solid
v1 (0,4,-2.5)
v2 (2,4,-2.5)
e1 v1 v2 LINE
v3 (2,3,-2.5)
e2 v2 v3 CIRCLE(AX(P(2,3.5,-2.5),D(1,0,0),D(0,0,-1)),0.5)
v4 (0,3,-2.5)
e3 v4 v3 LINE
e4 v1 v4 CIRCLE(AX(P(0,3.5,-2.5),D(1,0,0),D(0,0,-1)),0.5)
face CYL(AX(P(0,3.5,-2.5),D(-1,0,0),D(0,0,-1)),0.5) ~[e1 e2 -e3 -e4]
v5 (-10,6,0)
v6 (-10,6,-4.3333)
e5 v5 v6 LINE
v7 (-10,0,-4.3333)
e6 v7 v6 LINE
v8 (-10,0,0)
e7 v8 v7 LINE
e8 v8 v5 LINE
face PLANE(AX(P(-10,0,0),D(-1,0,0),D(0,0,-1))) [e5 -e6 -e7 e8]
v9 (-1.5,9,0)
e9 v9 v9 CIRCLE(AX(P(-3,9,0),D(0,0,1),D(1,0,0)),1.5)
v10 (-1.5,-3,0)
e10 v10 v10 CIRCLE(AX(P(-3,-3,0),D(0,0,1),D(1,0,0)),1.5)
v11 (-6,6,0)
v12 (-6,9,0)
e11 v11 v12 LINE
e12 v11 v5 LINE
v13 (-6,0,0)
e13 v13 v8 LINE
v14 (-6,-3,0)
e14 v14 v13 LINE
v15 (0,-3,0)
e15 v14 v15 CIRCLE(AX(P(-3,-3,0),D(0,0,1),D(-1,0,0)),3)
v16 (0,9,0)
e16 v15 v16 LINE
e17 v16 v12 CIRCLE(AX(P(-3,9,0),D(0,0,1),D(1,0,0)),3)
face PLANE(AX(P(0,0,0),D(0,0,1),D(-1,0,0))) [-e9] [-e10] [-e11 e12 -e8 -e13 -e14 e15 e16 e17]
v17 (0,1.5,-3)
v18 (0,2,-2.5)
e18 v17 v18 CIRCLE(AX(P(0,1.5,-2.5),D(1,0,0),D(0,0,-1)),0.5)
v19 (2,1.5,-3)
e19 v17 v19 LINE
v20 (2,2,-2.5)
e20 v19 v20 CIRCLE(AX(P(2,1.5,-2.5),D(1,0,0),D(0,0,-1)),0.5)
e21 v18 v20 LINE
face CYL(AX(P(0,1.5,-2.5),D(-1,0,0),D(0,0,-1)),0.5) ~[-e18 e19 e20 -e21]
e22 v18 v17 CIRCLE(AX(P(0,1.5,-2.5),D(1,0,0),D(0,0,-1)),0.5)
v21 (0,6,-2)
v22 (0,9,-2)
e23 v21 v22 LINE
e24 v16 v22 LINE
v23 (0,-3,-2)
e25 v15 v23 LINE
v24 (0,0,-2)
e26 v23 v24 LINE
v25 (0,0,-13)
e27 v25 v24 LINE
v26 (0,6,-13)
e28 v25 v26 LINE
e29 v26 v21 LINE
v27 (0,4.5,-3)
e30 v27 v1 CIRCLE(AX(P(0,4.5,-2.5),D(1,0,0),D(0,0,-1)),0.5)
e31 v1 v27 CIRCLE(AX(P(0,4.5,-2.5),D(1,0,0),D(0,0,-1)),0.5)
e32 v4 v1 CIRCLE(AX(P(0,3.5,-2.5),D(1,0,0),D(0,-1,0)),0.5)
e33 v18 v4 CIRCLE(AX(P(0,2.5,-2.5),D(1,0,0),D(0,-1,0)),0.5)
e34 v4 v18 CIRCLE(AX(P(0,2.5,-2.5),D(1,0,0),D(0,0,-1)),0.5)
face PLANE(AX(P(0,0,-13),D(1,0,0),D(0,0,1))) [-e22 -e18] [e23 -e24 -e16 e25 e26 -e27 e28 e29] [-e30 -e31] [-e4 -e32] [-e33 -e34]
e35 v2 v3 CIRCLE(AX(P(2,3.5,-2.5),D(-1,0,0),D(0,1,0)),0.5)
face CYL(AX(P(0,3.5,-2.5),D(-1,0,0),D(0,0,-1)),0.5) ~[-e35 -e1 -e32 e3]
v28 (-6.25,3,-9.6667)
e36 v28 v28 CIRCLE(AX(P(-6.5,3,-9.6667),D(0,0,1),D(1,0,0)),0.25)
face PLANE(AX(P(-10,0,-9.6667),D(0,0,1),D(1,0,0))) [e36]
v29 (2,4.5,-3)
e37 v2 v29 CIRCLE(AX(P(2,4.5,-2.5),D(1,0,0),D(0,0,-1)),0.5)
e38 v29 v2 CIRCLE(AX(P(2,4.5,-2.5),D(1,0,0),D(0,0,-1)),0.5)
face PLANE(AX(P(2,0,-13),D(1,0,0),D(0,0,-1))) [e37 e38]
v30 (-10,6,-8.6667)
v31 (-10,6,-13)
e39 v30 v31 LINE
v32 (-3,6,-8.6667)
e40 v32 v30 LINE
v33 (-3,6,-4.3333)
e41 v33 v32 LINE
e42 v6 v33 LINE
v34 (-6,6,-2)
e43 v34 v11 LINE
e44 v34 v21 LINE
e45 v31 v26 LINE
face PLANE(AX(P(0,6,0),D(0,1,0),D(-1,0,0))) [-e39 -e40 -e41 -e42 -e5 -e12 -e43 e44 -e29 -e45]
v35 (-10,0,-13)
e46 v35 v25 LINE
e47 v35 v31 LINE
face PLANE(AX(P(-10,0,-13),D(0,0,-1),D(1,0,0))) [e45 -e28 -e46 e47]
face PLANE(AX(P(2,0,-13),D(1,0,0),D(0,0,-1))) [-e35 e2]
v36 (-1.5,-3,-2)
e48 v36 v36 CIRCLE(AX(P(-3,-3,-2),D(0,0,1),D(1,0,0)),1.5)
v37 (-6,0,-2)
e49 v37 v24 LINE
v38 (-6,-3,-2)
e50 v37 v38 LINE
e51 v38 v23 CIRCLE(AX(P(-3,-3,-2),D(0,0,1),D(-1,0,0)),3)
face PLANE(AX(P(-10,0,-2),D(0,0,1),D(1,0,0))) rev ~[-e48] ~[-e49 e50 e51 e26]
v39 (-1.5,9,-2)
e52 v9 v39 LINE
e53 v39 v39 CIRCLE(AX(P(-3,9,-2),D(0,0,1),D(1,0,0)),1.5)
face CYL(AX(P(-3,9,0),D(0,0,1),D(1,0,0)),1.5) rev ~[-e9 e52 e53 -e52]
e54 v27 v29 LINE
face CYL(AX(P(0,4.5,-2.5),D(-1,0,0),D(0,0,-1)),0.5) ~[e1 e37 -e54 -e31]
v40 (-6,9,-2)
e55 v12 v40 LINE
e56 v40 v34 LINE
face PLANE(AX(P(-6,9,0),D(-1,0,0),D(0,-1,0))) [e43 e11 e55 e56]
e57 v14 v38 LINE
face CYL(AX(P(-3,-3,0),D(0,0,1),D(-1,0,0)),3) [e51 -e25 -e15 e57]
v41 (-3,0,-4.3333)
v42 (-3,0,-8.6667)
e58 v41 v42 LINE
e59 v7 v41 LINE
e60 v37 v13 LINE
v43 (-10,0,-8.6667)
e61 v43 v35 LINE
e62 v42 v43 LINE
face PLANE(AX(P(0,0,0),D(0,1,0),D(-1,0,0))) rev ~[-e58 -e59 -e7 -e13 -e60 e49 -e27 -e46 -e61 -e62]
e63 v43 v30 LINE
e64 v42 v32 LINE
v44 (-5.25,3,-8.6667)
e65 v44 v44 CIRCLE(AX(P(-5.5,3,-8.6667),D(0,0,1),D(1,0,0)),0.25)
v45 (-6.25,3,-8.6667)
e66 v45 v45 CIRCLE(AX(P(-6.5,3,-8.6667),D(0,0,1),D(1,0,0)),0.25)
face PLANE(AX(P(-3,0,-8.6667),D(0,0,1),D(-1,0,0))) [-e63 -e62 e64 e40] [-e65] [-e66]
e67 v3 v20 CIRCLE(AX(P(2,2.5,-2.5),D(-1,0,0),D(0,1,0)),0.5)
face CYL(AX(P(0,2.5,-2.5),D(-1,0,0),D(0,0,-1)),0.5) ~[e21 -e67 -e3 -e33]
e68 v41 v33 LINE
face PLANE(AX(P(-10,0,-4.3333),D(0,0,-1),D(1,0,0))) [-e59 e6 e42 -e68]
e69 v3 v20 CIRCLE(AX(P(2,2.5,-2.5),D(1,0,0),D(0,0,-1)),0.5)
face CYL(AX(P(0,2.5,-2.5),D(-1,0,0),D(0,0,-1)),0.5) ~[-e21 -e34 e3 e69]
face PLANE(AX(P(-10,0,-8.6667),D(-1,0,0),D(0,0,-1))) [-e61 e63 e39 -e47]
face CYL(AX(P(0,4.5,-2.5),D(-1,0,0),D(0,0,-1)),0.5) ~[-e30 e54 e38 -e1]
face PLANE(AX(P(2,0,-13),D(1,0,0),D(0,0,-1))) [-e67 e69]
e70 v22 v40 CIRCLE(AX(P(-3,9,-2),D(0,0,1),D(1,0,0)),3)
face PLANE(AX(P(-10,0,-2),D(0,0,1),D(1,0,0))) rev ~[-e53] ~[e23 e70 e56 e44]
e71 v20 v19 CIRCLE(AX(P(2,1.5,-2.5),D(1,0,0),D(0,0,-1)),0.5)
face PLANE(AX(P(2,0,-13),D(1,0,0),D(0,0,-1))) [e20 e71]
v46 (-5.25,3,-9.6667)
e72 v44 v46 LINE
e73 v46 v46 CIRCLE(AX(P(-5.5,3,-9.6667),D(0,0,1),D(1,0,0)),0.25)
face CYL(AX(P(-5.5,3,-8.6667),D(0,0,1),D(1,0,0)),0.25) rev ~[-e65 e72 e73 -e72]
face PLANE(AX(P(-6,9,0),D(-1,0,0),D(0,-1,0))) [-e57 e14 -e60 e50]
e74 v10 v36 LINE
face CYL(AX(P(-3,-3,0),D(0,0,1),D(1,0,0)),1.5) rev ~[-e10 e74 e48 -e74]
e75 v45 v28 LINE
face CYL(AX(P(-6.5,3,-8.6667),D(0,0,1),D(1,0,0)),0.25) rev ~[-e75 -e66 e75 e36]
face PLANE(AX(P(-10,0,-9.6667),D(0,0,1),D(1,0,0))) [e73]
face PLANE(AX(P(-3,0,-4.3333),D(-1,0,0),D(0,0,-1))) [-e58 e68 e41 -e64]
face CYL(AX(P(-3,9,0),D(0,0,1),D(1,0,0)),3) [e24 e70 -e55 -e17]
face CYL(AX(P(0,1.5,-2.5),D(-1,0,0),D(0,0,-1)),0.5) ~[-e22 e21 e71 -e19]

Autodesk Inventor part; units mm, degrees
ref_plane "YZ Plane" through (0, 0, 0) normal (1, 0, 0) x (0, 1, 0)
ref_plane "XZ Plane" through (0, 0, 0) normal (0, 1, 0) x (-1, 0, 0)
ref_plane "XY Plane" through (0, 0, 0) normal (0, 0, 1) x (1, 0, 0)
sketch "Sketch2" plane through (0, 0, 0) normal (0, 1, 0) x (-1, 0, 0)
  line L0 (0, 0) -> (10, 0)
  line L1 (10, 0) -> (10, -13)
  line L2 (10, -13) -> (0, -13)
  line L3 (0, -13) -> (0, 0)
  line L4 (10, -4.3333) -> (3, -4.3333)
  line L5 (3, -4.3333) -> (3, -8.6667)
  line L6 (3, -8.6667) -> (10, -8.6667)
  line L7 (10, -8.6667) -> (10, -4.3333)
  dimension "d4" = 13
  dimension "d5" = 10
  dimension "d6" = 4.3333
  dimension "d7" = 7
  dimension "d8" = 4.3333
extrude "Extrusion2" add sketch "Sketch2" along normal blind 6 contours L0 L1 L4 L5 L6 L2 L3
sketch "Sketch3" plane through (-10, 0, 0) normal (0, 0, 1) x (1, 0, 0)
  line L0 (7, 9) -> (7, -3) construction
  line L1 (4, 9) -> (4, -3)
  line L2 (10, -3) -> (10, 9)
  arc A0 (10, 9) -> (4, 9) centre (7, 9) ccw
  arc A1 (4, -3) -> (10, -3) centre (7, -3) ccw
  circle A2 centre (7, 9) radius 1.5
  circle A3 centre (7, -3) radius 1.5
  line L3 (10, 0) -> (10, 6) projected
  line L4 (0, 6) -> (10, 6) projected
  line L5 (0, 0) -> (10, 0) projected
  point P0 (7, 3)
  dimension "d11" = 12
  dimension "d12" = 6
  dimension "d13" = 3
  dimension "d14" = 3
  dimension "d15" = 3
  dimension "d16" = 6
extrude "Extrusion3" add sketch "Sketch3" against normal blind 2
sketch "Sketch4" plane through (0, 0, -13) normal (1, 0, 0) x (0, 0, -1)
  circle A0 centre (-10.5, 4.5) radius 0.5
  line L0 (-8.6667, 0) -> (-8.6667, 6) projected
  line L1 (-8.6667, 5.6316) -> (-8.6667, 4.1699)
  circle A1 centre (-10.5, 3.5) radius 0.5
  circle A2 centre (-10.5, 2.5) radius 0.5
  circle A3 centre (-10.5, 1.5) radius 0.5
  line L2 (-11, 6) -> (0, 6) projected
  line L3 (-11, 0) -> (0, 0) projected
  line L4 (-11, 0) -> (-11, -3) projected
  point P0 (-13, 0)
  dimension "d19" = 1
  dimension "d22" = 1
  dimension "d27" = 1.5
  dimension "d28" = 3
  dimension "d29" = 6
  dimension "d30" = 0.5
extrude "Extrusion4" add sketch "Sketch4" along normal blind 2
sketch "Sketch5" plane through (-10, 0, -8.6667) normal (0, 0, 1) x (1, 0, 0)
  circle A0 centre (3.5, 3) radius 0.25
  circle A1 centre (4.5, 3) radius 0.25
  line L0 (7, 0) -> (7, 6) projected
  line L1 (0, 6) -> (7, 6) projected
  point P0 (10, 0)
  dimension "d33" = 0.5
  dimension "d34" = 0.5
  dimension "d35" = 1
  dimension "d36" = 2.5
  dimension "d37" = 3
extrude "Extrusion5" cut sketch "Sketch5" against normal blind 1
equation "\"d6\" = 0.333333 * d4"
equation "\"d8\" = 0.333333 * d4"
equation "\"d14\" = d13"
equation "\"d15\" = 0.5 * d16"
equation "\"d27\" = -0.5 * d28 + 0.5 * d29"
equation "\"d37\" = 0.5 * d16"
properties part number "InkrementalisOptikaiErzekelo" material "UHMW, Black"
